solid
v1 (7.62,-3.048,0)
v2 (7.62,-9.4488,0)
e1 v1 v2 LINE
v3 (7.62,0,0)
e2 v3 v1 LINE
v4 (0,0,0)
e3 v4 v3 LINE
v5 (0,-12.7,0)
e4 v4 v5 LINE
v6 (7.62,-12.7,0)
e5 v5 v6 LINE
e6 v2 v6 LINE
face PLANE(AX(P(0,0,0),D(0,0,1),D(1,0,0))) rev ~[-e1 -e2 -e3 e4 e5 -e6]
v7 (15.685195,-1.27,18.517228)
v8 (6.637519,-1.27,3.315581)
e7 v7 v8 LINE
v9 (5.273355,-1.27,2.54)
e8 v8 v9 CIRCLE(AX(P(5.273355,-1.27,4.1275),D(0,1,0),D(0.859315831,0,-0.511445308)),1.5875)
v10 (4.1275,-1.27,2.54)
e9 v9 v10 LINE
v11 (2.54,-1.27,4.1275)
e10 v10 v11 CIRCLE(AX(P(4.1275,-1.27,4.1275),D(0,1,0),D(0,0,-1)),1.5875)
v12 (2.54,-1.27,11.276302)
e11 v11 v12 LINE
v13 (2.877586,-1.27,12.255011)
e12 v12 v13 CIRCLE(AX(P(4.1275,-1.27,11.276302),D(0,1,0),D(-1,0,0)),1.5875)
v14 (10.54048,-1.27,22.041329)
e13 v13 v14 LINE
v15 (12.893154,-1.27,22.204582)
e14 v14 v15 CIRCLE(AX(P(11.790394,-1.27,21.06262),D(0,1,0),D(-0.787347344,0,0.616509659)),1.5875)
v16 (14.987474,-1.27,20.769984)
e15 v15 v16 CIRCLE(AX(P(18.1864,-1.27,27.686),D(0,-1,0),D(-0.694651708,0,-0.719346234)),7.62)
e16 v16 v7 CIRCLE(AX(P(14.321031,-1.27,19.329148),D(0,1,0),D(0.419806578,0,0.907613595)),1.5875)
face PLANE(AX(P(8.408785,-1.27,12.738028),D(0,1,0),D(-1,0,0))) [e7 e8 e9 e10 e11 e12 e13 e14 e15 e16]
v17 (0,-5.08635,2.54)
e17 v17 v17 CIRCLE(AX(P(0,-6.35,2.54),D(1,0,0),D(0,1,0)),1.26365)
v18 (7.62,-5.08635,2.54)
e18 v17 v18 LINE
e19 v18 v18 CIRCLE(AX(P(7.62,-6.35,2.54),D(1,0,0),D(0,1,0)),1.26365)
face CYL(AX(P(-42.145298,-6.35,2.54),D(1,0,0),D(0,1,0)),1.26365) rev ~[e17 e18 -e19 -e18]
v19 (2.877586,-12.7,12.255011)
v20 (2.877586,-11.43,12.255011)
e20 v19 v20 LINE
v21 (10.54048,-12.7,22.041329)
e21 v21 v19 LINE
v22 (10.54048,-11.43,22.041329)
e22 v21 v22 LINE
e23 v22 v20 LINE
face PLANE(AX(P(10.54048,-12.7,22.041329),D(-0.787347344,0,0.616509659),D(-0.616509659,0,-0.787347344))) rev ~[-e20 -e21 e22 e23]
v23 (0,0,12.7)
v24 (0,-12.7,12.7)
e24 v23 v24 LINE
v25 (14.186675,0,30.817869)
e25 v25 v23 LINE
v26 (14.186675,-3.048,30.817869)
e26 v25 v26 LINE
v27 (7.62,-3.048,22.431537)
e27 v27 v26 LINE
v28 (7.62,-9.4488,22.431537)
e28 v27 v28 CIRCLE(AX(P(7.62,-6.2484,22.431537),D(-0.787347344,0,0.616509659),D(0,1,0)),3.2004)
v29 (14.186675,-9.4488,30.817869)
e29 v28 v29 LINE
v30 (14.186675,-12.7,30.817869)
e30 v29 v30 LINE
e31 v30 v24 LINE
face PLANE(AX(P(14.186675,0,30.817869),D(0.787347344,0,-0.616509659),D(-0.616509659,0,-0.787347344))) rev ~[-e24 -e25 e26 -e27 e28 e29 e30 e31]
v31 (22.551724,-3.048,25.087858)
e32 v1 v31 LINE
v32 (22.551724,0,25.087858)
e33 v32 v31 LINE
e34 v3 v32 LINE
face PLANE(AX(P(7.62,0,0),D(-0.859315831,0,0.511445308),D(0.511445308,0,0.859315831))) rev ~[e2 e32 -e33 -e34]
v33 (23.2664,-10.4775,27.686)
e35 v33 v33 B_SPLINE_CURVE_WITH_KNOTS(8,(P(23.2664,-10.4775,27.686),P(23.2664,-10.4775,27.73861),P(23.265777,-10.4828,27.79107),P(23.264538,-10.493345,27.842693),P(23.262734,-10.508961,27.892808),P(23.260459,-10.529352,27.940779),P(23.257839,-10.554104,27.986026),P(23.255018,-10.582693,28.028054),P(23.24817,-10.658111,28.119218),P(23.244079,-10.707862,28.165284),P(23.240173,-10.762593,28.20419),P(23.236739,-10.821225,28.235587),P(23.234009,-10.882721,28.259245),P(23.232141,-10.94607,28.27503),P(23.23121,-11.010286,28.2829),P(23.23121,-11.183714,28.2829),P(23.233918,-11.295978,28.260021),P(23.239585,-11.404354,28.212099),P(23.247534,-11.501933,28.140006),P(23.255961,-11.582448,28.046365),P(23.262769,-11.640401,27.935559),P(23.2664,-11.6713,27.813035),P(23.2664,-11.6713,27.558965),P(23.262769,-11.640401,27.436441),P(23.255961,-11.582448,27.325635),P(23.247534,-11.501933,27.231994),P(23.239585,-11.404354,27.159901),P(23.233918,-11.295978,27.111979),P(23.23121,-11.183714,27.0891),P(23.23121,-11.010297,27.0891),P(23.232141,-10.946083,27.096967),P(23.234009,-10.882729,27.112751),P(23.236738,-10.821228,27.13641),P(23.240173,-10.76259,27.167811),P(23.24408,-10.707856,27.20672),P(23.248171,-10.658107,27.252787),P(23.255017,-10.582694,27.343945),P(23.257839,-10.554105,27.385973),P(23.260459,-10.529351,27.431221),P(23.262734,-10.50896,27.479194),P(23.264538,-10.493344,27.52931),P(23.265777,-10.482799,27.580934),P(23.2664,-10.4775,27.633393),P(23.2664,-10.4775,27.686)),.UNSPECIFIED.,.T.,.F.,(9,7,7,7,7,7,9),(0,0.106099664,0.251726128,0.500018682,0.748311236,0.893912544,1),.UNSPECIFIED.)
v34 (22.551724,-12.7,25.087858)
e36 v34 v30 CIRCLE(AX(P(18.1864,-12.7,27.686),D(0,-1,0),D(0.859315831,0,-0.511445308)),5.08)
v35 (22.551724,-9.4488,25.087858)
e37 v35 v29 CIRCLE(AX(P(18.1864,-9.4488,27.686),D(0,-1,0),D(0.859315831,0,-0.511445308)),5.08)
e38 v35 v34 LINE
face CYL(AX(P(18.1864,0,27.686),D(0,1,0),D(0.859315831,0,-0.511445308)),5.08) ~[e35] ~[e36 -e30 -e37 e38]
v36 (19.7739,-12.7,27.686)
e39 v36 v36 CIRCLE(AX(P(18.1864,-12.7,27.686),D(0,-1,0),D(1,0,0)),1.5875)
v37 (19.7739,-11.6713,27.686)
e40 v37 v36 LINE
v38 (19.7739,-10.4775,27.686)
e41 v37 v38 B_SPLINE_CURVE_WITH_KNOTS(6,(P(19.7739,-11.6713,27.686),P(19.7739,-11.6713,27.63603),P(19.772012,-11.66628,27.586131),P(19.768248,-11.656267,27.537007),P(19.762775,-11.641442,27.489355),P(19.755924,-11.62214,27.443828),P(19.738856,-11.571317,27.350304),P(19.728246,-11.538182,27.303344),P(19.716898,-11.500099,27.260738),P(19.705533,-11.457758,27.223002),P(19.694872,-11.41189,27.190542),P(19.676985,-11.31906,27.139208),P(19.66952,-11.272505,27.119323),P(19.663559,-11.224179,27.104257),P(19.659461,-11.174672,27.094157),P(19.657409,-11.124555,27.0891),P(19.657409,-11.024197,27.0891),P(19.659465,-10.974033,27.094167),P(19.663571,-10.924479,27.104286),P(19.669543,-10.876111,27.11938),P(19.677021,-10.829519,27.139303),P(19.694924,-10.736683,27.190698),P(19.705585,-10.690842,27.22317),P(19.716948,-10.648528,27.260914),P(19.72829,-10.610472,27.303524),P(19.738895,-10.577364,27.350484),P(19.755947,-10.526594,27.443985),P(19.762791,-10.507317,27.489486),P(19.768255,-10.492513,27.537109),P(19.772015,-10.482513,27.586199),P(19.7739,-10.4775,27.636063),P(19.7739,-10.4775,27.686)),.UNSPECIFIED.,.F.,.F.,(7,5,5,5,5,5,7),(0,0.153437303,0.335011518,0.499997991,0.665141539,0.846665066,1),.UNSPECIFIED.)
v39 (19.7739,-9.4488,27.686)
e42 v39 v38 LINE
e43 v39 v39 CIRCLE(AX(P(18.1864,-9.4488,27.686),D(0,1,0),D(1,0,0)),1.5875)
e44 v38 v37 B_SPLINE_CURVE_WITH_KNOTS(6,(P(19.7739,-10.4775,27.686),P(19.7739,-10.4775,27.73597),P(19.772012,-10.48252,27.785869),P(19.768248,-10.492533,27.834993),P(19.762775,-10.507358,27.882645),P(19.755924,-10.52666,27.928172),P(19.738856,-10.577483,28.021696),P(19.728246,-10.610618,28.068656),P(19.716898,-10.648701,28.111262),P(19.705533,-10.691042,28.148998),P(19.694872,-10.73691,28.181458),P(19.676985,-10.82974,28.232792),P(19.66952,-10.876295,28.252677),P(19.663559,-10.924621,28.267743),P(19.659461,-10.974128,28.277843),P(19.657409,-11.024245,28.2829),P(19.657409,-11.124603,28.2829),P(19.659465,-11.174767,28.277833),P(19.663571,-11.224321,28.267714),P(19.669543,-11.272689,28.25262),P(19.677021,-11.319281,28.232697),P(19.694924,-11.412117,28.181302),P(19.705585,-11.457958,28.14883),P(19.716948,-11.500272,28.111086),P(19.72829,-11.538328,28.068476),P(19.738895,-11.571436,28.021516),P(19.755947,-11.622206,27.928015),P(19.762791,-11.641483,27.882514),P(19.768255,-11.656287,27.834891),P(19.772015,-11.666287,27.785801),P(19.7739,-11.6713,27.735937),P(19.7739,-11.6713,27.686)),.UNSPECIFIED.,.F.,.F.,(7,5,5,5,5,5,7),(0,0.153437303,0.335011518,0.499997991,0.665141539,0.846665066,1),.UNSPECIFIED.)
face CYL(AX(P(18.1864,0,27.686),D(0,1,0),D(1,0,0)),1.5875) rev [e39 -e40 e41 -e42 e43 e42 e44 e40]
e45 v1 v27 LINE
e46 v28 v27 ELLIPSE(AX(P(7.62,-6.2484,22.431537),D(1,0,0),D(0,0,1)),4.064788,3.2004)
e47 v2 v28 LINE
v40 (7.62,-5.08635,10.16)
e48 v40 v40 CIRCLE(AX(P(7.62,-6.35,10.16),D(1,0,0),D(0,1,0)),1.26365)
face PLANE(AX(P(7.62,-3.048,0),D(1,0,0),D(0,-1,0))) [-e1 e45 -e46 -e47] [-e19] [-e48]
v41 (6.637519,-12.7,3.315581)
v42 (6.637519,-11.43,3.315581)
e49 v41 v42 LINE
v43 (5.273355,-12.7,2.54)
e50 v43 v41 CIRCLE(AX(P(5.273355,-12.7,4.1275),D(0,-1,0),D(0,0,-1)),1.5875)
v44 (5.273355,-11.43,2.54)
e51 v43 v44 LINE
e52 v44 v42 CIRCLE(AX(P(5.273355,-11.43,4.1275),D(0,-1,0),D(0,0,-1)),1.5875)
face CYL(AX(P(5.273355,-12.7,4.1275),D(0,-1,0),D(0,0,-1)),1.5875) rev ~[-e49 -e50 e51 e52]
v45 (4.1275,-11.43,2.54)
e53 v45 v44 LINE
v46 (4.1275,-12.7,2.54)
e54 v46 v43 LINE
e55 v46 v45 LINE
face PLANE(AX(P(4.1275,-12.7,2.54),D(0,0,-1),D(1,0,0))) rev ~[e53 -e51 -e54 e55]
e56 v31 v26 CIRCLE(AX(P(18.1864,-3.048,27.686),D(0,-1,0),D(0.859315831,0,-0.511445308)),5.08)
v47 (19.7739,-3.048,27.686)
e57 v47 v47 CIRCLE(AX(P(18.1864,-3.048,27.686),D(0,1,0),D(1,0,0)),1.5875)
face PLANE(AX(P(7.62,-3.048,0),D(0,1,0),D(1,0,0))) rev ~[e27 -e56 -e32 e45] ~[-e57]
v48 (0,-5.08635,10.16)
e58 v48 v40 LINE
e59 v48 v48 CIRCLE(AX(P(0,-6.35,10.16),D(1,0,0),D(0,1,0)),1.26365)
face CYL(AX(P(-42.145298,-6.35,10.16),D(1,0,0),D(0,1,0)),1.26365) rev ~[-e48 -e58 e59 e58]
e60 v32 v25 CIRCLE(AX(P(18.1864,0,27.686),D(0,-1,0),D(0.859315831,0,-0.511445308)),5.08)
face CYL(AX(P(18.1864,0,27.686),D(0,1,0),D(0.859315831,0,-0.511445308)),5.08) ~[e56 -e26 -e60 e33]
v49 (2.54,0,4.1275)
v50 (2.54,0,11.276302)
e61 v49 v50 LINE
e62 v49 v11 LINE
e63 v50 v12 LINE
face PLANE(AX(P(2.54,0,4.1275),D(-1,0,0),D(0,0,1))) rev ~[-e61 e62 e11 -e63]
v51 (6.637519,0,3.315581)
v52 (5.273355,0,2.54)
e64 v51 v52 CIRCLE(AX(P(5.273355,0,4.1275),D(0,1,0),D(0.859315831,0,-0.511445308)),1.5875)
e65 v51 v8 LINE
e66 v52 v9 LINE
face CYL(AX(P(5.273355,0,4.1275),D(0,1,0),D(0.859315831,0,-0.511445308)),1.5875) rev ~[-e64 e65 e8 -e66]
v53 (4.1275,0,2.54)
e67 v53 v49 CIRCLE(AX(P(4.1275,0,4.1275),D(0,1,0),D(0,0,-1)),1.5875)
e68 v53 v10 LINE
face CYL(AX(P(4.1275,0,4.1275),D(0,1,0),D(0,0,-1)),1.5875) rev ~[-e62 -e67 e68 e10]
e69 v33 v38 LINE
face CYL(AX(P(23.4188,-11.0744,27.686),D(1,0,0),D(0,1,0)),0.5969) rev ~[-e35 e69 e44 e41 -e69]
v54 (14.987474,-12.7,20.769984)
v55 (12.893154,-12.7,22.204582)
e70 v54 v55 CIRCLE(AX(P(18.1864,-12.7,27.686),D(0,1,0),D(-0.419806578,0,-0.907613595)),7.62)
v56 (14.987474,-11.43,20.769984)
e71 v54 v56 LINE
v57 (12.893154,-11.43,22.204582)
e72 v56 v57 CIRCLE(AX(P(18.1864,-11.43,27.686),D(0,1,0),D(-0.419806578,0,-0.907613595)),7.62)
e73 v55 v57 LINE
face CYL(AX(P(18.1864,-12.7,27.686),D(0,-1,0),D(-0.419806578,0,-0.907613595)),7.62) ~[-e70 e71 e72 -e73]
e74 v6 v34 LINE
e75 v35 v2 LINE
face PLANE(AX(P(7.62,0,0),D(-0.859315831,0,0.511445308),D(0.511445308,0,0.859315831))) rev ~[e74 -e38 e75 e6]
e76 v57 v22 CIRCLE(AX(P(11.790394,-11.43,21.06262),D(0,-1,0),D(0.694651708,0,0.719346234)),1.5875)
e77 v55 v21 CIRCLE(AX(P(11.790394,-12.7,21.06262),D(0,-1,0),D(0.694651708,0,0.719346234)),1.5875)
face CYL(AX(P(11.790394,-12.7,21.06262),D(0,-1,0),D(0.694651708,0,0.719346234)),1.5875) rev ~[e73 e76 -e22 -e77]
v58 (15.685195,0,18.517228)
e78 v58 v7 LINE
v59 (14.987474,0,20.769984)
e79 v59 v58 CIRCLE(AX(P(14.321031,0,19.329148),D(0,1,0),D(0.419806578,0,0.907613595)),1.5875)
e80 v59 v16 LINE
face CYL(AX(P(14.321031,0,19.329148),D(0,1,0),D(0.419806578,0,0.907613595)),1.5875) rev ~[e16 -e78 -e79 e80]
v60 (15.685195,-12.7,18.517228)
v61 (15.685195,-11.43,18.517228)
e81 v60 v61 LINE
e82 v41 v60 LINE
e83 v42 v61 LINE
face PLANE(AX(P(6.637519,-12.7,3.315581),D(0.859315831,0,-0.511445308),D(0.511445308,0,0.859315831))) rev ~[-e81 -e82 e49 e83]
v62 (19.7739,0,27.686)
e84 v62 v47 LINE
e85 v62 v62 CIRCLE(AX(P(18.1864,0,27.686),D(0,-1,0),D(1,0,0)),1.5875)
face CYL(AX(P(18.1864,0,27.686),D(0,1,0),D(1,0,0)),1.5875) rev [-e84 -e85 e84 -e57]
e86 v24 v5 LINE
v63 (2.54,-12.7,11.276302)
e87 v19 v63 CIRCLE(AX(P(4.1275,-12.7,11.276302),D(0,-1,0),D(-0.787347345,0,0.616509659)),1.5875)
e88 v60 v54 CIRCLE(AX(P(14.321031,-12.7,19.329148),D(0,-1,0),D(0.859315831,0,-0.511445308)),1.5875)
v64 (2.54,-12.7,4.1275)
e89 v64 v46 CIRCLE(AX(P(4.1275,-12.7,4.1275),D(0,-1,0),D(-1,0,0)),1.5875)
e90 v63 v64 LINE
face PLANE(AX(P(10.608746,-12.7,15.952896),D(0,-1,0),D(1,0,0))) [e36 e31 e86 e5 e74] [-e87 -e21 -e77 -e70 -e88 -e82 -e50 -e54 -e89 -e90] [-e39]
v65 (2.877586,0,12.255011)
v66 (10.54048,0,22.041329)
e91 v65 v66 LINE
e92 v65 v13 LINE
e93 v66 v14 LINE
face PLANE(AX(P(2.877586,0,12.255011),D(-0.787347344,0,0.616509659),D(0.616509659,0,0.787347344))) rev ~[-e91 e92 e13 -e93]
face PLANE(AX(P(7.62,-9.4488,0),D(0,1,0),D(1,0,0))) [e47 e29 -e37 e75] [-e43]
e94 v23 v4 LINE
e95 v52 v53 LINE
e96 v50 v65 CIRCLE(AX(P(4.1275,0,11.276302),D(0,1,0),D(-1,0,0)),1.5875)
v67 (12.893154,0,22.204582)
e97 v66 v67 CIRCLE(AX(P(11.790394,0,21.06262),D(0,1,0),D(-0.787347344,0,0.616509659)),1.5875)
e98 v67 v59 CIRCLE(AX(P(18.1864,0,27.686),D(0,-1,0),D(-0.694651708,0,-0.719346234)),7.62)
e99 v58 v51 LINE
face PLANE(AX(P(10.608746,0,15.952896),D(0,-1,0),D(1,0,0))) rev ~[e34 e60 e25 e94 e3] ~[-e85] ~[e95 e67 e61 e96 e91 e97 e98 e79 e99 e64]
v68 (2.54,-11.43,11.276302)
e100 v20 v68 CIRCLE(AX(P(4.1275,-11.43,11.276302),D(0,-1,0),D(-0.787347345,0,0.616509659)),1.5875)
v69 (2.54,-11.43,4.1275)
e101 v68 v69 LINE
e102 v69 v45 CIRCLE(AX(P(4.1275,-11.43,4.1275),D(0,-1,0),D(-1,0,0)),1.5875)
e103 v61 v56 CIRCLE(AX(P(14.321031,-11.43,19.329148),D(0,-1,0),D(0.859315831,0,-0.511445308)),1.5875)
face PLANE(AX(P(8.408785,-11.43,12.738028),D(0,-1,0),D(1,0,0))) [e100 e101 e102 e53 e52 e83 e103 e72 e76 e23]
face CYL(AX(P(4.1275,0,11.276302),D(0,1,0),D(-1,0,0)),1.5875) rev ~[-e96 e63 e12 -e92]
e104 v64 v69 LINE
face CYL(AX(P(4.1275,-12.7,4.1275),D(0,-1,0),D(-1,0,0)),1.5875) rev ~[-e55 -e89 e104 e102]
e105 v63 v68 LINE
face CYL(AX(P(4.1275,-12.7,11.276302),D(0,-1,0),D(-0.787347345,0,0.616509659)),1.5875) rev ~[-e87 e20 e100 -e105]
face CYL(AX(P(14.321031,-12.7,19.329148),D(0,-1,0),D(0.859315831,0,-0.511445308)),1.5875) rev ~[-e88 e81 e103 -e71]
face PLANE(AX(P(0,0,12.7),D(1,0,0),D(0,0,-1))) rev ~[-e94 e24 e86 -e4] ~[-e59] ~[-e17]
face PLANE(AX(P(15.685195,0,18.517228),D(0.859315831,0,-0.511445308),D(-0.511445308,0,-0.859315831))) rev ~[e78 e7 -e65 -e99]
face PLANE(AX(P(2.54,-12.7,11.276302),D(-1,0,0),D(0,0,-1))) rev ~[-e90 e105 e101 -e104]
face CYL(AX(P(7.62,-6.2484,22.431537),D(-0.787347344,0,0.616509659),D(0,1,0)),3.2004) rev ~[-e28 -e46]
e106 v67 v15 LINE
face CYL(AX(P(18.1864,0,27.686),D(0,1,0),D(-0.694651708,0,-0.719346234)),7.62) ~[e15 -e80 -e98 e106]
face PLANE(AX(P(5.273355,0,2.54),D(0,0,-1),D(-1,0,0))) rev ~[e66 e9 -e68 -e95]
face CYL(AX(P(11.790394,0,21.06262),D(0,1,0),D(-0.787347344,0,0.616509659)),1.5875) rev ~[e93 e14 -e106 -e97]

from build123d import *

# Parameters (mm, degrees)
F0_R      = 1.5875
F1_DEPTH  = 12.7
F3_DEPTH  = 1.27
F5_DEPTH  = 1.27
F7_D      = 2.5273
F8_W      = 15.6464
F8_H      = 6.4008
F9_DEPTH  = 32.767
F11_DEPTH = 26.1494109194
F13_R     = 0.5969
F14_DEPTH = 4.2418


with BuildPart() as f1:
    # F0 (on Front) → F1 (new body)
    with BuildSketch(Plane.XZ):
        with BuildLine():
            Line((0, 12.7), (0, 0))
            Line((0, 0), (7.62, 0))
            Line((7.62, 0), (22.5517244204, 25.0878578359))
            ThreePointArc((22.5517244204, 25.0878578359), (21.0572314123, 31.8770293487), (14.1866754903, 30.817869066))
            Line((14.1866754903, 30.817869066), (0, 12.7))
        make_face()
        with Locations((18.1864, 27.686)):
            Circle(F0_R, mode=Mode.SUBTRACT)
    extrude(amount=F1_DEPTH)

    # F2 (on face) → F3 (cut)
    with BuildSketch(Plane.XZ.offset(12.7)):
        with BuildLine():
            ThreePointArc((5.2733546579, 2.54), (6.0579673524, 2.7474495771), (6.6375185393, 3.3155805737))
            Line((6.6375185393, 3.3155805737), (15.6851948134, 18.5172284021))
            ThreePointArc((15.6851948134, 18.5172284021), (15.8374637284, 19.7988156089), (14.9874738748, 20.7699844097))
            ThreePointArc((14.9874738748, 20.7699844097), (13.8801528815, 21.3994559769), (12.8931539876, 22.2045816934))
            ThreePointArc((12.8931539876, 22.2045816934), (11.6805013198, 22.6463113598), (10.5404804924, 22.0413286293))
            Line((10.5404804924, 22.0413286293), (2.8775860907, 12.2550106486))
            ThreePointArc((2.8775860907, 12.2550106486), (2.6267677486, 11.7939490899), (2.54, 11.2763015655))
            Line((2.54, 11.2763015655), (2.54, 4.1275))
            ThreePointArc((2.54, 4.1275), (3.0049679849, 3.0049679849), (4.1275, 2.54))
            Line((4.1275, 2.54), (5.2733546579, 2.54))
        make_face()
    extrude(amount=-F3_DEPTH, mode=Mode.SUBTRACT)

    # F4 (on face) → F5 (cut)
    with BuildSketch(Plane(origin=(0, 0, 0), x_dir=(-1, 0, 0), z_dir=(0, 1, 0))):
        with BuildLine():
            ThreePointArc((-2.54, 11.2763015655), (-2.6267677486, 11.7939490899), (-2.8775860907, 12.2550106486))
            Line((-2.8775860907, 12.2550106486), (-10.5404804924, 22.0413286293))
            ThreePointArc((-10.5404804924, 22.0413286293), (-11.6805013198, 22.6463113598), (-12.8931539876, 22.2045816934))
            ThreePointArc((-12.8931539876, 22.2045816934), (-13.8801528815, 21.3994559769), (-14.9874738748, 20.7699844097))
            ThreePointArc((-14.9874738748, 20.7699844097), (-15.8374637284, 19.7988156089), (-15.6851948134, 18.5172284021))
            Line((-15.6851948134, 18.5172284021), (-6.6375185393, 3.3155805737))
            ThreePointArc((-6.6375185393, 3.3155805737), (-6.0579673524, 2.7474495771), (-5.2733546579, 2.54))
            Line((-5.2733546579, 2.54), (-4.1275, 2.54))
            ThreePointArc((-4.1275, 2.54), (-3.0049679849, 3.0049679849), (-2.54, 4.1275))
            Line((-2.54, 4.1275), (-2.54, 11.2763015655))
        make_face()
    extrude(amount=-F5_DEPTH, mode=Mode.SUBTRACT)

    # F7 (through all)
    with Locations(Plane(origin=(0, 0, 0), x_dir=(0, -1, 0), z_dir=(-1, 0, 0))):
        with Locations((6.35, 2.54), (6.35, 10.16)):
            Hole(F7_D / 2)

    # F8 (on face) → F9 (cut, through all)
    with BuildSketch(Plane(origin=(0, 0, 0), x_dir=(1, 0, 0), z_dir=(0, 0, -1))):
        with Locations((15.4432, 6.2484)):
            Rectangle(F8_W, F8_H)
    extrude(amount=-F9_DEPTH, mode=Mode.SUBTRACT)

    # F10 (on face) → F11 (cut, through all)
    with BuildSketch(Plane(origin=(-6.1646719805, 0, 4.8270688221), x_dir=(0, -1, 0), z_dir=(-0.7873473444, 0, 0.6165096587))):
        with BuildLine():
            ThreePointArc((3.048, 22.3592149561), (6.2484, 19.1588149561), (9.4488, 22.3592149561))
            Line((9.4488, 22.3592149561), (3.048, 22.3592149561))
        make_face()
    extrude(amount=-F11_DEPTH, mode=Mode.SUBTRACT)

    # F13 (on offset) → F14 (cut)
    with BuildSketch(Plane.YZ.offset(23.4188)):
        with Locations((-11.0744, 27.686)):
            Circle(F13_R)
    extrude(amount=-F14_DEPTH, mode=Mode.SUBTRACT)


solid = f1.part
